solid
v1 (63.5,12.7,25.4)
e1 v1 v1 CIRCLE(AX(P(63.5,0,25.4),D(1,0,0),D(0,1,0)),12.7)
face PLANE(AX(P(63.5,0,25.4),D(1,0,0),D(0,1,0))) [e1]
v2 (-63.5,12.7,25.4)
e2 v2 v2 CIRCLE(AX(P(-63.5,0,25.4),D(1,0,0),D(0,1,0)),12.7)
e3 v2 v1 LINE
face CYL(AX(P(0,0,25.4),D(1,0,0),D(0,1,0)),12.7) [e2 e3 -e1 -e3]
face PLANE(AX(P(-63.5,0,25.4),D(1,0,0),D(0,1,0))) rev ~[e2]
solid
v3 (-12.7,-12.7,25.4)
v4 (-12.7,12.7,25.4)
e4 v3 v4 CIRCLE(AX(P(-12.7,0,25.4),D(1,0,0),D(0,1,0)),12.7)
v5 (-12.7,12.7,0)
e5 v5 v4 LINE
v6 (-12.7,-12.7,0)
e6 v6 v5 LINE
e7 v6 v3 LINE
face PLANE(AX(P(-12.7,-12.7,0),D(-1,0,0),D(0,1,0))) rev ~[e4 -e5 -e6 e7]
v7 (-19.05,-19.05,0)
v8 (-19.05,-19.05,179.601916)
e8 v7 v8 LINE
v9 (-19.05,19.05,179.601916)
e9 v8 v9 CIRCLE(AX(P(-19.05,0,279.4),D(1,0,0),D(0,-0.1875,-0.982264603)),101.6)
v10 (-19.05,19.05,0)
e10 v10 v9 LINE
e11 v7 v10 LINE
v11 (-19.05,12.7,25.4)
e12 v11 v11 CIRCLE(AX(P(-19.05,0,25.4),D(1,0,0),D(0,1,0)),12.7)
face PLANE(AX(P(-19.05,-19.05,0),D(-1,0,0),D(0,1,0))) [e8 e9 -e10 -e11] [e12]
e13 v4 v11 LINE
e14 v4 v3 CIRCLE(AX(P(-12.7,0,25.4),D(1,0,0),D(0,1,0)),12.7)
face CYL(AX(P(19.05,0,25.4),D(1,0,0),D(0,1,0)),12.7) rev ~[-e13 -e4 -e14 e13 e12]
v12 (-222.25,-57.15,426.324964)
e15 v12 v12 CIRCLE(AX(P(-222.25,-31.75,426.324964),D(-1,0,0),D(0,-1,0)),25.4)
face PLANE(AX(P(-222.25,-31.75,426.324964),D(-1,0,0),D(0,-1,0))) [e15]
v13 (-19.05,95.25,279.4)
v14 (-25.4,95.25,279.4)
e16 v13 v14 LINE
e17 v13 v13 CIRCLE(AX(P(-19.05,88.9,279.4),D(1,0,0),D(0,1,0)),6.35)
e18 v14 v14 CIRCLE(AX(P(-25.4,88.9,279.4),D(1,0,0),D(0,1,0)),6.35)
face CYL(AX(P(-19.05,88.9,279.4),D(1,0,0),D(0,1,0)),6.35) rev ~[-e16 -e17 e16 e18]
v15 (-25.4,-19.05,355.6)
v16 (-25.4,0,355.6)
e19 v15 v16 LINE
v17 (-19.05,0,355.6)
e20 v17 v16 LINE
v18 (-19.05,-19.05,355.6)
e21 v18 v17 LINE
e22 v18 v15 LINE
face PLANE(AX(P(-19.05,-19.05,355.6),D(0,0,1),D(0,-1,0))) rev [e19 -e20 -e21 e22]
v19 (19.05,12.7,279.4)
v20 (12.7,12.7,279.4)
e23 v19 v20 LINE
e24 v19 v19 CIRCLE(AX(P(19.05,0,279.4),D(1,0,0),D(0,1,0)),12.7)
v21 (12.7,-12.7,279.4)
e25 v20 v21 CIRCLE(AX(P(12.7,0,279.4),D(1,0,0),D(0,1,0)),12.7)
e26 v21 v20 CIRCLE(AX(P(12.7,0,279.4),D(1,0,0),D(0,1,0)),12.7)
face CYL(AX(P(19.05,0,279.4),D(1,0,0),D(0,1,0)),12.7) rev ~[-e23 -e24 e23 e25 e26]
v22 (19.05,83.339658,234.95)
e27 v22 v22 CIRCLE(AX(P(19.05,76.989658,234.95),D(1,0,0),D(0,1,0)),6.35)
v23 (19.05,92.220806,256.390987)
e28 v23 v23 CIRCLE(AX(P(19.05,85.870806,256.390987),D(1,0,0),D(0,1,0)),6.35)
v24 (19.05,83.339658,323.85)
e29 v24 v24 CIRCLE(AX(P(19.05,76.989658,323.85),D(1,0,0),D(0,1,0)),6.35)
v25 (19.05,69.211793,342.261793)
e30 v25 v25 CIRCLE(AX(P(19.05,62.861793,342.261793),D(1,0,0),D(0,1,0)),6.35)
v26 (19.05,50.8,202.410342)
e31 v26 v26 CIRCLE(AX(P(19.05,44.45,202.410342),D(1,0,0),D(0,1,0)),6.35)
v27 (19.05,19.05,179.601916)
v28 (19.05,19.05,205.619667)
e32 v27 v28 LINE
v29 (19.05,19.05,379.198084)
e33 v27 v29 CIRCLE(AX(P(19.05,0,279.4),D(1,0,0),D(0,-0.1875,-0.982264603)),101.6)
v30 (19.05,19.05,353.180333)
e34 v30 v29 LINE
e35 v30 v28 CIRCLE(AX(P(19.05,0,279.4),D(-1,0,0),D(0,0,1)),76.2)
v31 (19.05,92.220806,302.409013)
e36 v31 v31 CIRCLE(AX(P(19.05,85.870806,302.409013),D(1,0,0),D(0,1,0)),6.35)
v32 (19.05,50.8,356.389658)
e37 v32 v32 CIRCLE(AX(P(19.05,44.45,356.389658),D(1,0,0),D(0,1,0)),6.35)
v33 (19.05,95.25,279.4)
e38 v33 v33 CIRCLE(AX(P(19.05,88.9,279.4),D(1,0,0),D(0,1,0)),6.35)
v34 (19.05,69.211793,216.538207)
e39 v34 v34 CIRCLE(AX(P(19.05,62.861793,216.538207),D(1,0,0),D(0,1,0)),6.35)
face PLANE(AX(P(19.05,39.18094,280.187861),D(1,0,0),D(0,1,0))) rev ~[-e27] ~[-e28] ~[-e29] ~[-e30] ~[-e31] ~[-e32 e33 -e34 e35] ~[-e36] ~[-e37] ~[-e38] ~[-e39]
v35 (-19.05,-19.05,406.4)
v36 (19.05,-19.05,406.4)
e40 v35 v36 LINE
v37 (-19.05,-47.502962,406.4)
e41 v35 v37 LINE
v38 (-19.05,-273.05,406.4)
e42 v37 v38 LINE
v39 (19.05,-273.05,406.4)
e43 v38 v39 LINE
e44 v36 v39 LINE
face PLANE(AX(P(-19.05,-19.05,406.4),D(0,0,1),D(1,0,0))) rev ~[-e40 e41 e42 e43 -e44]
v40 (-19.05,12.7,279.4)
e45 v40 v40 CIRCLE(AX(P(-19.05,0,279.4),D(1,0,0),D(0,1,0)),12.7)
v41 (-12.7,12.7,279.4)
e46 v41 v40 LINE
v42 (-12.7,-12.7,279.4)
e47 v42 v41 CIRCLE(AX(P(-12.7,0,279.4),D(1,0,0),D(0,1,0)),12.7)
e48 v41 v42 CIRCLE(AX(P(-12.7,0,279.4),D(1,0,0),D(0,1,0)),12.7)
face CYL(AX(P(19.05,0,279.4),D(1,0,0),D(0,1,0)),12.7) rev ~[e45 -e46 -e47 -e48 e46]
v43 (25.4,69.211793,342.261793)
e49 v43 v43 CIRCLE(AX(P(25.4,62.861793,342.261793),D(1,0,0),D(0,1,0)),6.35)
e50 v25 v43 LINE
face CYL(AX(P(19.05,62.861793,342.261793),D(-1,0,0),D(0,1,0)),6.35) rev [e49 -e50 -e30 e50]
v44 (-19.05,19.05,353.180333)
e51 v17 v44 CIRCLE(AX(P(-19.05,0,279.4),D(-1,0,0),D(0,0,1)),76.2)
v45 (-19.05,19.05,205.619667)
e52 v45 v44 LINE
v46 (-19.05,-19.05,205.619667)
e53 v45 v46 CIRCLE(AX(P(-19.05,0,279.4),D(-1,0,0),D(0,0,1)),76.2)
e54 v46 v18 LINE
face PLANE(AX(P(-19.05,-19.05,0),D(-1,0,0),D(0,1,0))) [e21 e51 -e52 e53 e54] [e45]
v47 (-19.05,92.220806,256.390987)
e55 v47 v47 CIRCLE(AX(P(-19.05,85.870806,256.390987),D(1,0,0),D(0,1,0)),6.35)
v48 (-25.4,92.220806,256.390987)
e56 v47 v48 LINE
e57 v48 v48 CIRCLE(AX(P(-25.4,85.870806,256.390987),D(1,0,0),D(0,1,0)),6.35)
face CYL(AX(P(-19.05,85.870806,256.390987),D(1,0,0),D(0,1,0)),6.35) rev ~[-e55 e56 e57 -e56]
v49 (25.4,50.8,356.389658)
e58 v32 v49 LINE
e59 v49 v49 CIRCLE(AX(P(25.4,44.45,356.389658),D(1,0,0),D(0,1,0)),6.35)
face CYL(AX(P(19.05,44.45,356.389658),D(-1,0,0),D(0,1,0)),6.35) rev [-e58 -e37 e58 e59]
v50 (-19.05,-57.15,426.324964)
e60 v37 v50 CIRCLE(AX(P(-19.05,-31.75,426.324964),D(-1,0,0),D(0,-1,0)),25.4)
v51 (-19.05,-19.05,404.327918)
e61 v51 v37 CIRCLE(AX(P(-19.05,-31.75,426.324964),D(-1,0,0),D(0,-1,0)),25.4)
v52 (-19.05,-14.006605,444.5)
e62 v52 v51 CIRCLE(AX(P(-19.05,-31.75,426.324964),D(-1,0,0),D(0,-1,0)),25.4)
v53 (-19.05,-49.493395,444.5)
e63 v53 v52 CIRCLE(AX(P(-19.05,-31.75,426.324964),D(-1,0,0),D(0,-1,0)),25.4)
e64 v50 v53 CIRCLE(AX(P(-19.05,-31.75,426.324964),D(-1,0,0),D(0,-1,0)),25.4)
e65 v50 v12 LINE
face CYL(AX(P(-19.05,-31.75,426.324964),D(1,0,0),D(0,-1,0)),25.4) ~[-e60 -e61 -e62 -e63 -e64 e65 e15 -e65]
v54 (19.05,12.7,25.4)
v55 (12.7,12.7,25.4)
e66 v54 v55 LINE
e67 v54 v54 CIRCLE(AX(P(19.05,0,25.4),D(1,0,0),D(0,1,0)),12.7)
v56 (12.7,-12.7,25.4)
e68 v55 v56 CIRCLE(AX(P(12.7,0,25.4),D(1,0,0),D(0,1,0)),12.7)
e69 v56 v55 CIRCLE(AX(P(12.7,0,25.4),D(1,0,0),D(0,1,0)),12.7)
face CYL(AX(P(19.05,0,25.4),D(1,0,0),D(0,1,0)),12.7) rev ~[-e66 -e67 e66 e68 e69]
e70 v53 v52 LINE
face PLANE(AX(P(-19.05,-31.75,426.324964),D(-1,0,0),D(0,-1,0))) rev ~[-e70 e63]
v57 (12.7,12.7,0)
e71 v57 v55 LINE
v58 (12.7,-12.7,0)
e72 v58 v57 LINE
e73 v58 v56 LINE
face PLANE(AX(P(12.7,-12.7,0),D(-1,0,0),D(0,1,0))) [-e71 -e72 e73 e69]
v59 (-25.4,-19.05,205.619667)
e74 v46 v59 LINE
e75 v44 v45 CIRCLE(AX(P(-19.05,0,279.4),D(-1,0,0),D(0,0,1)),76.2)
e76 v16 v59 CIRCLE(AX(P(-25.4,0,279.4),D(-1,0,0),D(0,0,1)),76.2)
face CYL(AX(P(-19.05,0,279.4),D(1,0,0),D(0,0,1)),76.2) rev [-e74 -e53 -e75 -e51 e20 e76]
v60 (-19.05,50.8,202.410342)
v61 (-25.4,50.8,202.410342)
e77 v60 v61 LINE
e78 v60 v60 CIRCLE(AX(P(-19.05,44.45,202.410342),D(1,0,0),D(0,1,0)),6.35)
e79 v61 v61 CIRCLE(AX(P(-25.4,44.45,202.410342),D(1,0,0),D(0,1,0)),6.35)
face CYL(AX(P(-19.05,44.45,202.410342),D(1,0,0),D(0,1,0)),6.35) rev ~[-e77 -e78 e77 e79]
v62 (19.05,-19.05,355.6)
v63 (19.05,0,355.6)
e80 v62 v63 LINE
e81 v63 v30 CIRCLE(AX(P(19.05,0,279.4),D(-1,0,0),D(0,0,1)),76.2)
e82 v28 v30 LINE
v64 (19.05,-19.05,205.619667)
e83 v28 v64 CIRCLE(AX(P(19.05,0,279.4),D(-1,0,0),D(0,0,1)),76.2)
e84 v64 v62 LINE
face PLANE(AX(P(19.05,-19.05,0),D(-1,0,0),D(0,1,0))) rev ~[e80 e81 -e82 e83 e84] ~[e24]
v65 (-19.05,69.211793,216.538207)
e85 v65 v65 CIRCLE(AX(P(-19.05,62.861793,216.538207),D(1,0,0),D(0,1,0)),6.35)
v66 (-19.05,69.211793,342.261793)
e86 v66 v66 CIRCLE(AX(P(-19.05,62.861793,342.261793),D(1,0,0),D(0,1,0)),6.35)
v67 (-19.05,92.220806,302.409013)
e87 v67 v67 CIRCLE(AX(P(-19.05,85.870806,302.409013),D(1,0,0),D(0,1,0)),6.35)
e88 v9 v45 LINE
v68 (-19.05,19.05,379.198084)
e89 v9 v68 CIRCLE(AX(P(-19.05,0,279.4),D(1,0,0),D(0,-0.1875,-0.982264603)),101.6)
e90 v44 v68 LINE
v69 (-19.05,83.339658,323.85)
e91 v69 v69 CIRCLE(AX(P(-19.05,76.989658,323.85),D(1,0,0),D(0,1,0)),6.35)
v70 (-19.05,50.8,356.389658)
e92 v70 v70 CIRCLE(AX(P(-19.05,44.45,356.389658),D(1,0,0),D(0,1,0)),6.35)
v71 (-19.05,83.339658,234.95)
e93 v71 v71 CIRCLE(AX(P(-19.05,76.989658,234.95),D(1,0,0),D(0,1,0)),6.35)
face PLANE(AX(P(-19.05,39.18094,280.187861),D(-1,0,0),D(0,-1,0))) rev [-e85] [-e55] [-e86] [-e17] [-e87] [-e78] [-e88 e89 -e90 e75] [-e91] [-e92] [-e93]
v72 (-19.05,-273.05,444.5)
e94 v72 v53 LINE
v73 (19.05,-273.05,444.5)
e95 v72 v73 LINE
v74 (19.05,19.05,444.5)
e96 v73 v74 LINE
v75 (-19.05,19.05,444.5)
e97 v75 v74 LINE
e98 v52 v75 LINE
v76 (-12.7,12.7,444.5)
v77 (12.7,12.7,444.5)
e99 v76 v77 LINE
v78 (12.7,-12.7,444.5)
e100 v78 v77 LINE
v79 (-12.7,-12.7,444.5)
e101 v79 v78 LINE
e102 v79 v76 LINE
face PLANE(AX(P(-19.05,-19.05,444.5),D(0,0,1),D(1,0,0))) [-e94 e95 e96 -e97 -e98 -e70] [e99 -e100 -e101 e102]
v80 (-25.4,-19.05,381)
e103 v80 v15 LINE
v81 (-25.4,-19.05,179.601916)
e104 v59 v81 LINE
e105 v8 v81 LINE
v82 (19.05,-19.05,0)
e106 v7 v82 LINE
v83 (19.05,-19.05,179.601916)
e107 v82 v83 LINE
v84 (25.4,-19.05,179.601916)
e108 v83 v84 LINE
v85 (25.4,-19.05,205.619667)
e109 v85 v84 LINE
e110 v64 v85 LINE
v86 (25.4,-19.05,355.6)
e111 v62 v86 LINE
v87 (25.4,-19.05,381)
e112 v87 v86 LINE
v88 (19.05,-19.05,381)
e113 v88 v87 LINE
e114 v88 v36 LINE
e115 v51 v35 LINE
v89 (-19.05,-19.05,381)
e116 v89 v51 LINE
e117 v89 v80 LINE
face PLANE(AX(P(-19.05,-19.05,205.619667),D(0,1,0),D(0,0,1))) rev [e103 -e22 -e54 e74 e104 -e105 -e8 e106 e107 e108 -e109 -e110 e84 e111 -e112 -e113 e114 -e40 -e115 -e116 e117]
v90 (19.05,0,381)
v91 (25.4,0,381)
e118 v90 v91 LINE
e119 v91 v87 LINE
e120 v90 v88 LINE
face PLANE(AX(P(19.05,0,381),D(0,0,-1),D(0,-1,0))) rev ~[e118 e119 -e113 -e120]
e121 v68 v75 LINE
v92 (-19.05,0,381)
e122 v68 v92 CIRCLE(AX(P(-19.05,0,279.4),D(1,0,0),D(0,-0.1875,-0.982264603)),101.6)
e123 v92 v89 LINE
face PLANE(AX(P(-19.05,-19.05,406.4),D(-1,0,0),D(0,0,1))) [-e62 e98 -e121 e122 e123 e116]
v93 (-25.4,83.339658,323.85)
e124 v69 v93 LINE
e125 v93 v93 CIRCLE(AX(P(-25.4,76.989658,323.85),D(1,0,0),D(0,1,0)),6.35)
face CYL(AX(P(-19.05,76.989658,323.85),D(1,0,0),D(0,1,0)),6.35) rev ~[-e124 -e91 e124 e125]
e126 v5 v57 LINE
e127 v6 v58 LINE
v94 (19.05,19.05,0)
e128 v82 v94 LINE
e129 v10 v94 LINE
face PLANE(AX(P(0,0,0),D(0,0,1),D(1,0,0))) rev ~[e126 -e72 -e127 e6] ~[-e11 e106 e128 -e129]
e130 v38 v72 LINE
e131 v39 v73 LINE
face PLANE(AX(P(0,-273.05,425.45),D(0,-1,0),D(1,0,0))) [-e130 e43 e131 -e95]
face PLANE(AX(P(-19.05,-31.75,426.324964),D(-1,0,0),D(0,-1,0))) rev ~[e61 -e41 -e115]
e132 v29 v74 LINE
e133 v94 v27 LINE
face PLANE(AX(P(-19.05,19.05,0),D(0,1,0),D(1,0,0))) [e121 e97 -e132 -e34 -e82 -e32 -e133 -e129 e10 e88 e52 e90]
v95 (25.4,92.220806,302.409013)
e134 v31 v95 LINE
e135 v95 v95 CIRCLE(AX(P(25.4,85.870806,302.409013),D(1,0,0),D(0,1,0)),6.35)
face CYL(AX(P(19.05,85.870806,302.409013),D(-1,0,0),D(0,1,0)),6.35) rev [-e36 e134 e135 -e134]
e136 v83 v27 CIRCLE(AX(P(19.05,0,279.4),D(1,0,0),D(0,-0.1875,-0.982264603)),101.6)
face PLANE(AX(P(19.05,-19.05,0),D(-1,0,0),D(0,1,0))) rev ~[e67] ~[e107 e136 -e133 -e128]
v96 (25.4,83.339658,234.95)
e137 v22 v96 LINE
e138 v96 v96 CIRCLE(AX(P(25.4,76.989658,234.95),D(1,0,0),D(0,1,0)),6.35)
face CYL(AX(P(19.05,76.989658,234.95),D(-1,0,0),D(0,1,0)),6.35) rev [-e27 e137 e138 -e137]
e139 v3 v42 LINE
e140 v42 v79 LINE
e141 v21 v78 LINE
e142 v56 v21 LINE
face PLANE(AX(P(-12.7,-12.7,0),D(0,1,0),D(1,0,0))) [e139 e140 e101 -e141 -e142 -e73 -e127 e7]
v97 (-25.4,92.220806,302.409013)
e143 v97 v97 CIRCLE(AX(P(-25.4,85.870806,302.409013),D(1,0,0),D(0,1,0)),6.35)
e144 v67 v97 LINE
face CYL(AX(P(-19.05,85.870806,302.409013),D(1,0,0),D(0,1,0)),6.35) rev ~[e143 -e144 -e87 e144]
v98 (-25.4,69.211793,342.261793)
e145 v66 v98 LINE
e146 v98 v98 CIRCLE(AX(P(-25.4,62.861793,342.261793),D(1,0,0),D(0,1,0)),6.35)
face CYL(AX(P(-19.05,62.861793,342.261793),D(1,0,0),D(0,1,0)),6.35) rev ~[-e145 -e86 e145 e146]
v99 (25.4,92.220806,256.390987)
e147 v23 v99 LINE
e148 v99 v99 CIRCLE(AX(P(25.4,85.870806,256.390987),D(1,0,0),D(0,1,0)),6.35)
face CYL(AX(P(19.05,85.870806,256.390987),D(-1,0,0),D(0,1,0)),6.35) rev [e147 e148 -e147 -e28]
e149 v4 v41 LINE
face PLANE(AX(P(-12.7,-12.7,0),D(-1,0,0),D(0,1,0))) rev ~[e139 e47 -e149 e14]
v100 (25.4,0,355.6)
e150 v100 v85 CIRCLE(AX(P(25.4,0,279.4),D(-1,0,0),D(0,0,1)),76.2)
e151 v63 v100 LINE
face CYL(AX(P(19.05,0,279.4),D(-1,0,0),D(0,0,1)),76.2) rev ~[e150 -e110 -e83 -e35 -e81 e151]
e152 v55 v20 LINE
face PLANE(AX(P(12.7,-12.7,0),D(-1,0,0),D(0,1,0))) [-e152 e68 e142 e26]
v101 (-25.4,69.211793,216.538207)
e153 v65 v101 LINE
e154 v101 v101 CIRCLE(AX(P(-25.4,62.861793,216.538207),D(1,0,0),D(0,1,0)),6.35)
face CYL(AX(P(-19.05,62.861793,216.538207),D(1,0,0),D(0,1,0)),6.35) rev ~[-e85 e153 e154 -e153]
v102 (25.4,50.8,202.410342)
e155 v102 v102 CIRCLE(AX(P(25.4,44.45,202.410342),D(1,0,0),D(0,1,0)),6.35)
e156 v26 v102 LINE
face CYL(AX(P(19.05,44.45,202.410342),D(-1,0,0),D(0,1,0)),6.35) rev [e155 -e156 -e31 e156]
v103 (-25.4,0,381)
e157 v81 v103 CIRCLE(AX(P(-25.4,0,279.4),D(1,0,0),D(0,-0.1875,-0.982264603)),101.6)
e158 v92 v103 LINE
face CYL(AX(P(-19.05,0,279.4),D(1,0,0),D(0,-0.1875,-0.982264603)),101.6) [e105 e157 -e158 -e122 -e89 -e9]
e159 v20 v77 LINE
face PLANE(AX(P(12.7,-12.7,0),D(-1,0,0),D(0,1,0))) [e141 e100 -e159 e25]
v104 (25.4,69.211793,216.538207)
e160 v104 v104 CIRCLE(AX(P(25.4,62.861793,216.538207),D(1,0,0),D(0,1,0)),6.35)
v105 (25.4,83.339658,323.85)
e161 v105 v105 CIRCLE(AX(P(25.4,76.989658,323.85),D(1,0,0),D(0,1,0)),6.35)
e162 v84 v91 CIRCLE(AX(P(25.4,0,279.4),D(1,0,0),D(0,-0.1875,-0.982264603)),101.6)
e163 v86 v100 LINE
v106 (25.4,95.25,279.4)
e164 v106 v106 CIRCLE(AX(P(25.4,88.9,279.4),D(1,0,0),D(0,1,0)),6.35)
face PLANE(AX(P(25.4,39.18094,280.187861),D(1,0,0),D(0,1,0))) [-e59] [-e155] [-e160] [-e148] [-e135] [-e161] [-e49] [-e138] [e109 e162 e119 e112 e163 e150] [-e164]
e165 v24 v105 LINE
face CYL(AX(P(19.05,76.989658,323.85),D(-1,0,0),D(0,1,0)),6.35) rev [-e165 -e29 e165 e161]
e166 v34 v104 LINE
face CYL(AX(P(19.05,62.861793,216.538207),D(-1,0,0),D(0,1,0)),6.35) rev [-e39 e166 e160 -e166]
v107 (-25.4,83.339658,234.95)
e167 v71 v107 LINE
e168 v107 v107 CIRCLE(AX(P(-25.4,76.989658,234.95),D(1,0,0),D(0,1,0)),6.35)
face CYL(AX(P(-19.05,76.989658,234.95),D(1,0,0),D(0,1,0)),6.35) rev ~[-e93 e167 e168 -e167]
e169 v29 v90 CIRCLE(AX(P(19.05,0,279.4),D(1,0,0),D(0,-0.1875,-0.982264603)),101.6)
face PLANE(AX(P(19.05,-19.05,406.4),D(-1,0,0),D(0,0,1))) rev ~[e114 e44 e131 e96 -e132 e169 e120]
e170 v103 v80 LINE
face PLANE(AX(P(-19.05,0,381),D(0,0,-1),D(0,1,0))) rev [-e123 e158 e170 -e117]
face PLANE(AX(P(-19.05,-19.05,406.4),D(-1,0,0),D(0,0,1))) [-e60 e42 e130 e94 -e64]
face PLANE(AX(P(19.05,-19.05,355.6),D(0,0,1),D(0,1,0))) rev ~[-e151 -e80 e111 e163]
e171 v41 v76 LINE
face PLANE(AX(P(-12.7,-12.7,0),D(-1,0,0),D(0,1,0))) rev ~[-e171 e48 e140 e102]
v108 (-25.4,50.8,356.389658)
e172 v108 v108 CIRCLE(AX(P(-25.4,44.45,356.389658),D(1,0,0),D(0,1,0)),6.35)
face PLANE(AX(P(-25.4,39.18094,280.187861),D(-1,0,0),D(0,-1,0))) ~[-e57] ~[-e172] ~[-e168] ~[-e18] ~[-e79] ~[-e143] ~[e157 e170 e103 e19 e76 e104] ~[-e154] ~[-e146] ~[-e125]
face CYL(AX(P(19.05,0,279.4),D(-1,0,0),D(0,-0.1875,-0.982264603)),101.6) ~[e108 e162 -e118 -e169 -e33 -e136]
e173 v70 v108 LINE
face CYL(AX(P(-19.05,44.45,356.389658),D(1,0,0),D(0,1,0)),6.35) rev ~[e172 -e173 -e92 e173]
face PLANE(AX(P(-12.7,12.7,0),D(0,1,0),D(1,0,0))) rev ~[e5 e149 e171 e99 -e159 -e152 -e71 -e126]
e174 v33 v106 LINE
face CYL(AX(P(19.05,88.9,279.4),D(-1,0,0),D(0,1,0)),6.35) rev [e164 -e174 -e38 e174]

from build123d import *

# Parameters (mm, degrees)
F0_W      = 38.1
F0_H      = 38.1
F0_W_2    = 25.4
F0_H_2    = 25.4
F1_DEPTH  = 444.5
F2_R      = 12.7
F3_DEPTH  = 38.1
F4_R      = 12.7
F5_DEPTH  = 63.5
F6_R      = 6.35
F7_DEPTH  = 6.35
F9_W      = 38.1
F9_H      = 38.1
F10_DEPTH = 254
F11_R     = 25.4
F12_DEPTH = 203.2


with BuildPart() as f1:
    # F0 (on Top) → F1 (new body)
    with BuildSketch(Plane.XY):
        Rectangle(F0_W, F0_H)
        Rectangle(F0_W_2, F0_H_2, mode=Mode.SUBTRACT)
    extrude(amount=F1_DEPTH)

    # F2 (on face) → F3 (cut, through all)
    with BuildSketch(Plane.YZ.offset(19.05)):
        with Locations((0, 25.4)):
            Circle(F2_R)
        with Locations((0, 279.4)):
            Circle(F2_R)
    extrude(amount=-F3_DEPTH, mode=Mode.SUBTRACT)



with BuildPart() as f5:
    # F4 (on Right) → F5 (new body, symmetric)
    with BuildSketch(Plane.YZ):
        with Locations((0, 25.4)):
            Circle(F4_R)
    extrude(amount=F5_DEPTH, both=True)


with BuildPart() as f7:
    # F6 (on face) → F7 (new body)
    with BuildSketch(Plane.YZ.offset(19.05)):
        with BuildLine():
            ThreePointArc((0, 355.6), (75.5926628556, 269.7984729128), (-19.05, 205.6196672547))
            Line((-19.05, 205.6196672547), (-19.05, 179.6019163511))
            ThreePointArc((-19.05, 179.6019163511), (101.1485177814, 269.8324846154), (0, 381))
            Line((0, 381), (-19.05, 381))
            Line((-19.05, 381), (-19.05, 355.6))
            Line((-19.05, 355.6), (0, 355.6))
        make_face()
        with Locations((44.45, 202.4103416036)):
            Circle(F6_R, mode=Mode.SUBTRACT)
        with Locations((62.8617928475, 216.5382071525)):
            Circle(F6_R, mode=Mode.SUBTRACT)
        with Locations((76.9896583964, 234.95)):
            Circle(F6_R, mode=Mode.SUBTRACT)
        with Locations((85.8708059571, 256.3909868904)):
            Circle(F6_R, mode=Mode.SUBTRACT)
        with Locations((85.8708059571, 302.4090131096)):
            Circle(F6_R, mode=Mode.SUBTRACT)
        with Locations((88.9, 279.4)):
            Circle(F6_R, mode=Mode.SUBTRACT)
        with Locations((76.9896583964, 323.85)):
            Circle(F6_R, mode=Mode.SUBTRACT)
        with Locations((62.8617928475, 342.2617928475)):
            Circle(F6_R, mode=Mode.SUBTRACT)
        with Locations((44.45, 356.3896583964)):
            Circle(F6_R, mode=Mode.SUBTRACT)
    extrude(amount=F7_DEPTH)


with BuildPart() as f1_1:
    add(f1.part)

    add(f7.part)  # F8 merges F7
    # F8: F7 across plane
    add(f7.part.mirror(Plane.YZ))

    # F9 (on face) → F10 (join)
    with BuildSketch(Plane.XZ.offset(19.05)):
        with Locations((0, 425.45)):
            Rectangle(F9_W, F9_H)
    extrude(amount=F10_DEPTH)

    # F11 (on face) → F12 (join)
    with BuildSketch(Plane(origin=(-19.05, 0, 0), x_dir=(0, -1, 0), z_dir=(-1, 0, 0))):
        with Locations((31.75, 426.3249635696)):
            Circle(F11_R)
    extrude(amount=F12_DEPTH)


solid = Compound([f5.part, f1_1.part])
